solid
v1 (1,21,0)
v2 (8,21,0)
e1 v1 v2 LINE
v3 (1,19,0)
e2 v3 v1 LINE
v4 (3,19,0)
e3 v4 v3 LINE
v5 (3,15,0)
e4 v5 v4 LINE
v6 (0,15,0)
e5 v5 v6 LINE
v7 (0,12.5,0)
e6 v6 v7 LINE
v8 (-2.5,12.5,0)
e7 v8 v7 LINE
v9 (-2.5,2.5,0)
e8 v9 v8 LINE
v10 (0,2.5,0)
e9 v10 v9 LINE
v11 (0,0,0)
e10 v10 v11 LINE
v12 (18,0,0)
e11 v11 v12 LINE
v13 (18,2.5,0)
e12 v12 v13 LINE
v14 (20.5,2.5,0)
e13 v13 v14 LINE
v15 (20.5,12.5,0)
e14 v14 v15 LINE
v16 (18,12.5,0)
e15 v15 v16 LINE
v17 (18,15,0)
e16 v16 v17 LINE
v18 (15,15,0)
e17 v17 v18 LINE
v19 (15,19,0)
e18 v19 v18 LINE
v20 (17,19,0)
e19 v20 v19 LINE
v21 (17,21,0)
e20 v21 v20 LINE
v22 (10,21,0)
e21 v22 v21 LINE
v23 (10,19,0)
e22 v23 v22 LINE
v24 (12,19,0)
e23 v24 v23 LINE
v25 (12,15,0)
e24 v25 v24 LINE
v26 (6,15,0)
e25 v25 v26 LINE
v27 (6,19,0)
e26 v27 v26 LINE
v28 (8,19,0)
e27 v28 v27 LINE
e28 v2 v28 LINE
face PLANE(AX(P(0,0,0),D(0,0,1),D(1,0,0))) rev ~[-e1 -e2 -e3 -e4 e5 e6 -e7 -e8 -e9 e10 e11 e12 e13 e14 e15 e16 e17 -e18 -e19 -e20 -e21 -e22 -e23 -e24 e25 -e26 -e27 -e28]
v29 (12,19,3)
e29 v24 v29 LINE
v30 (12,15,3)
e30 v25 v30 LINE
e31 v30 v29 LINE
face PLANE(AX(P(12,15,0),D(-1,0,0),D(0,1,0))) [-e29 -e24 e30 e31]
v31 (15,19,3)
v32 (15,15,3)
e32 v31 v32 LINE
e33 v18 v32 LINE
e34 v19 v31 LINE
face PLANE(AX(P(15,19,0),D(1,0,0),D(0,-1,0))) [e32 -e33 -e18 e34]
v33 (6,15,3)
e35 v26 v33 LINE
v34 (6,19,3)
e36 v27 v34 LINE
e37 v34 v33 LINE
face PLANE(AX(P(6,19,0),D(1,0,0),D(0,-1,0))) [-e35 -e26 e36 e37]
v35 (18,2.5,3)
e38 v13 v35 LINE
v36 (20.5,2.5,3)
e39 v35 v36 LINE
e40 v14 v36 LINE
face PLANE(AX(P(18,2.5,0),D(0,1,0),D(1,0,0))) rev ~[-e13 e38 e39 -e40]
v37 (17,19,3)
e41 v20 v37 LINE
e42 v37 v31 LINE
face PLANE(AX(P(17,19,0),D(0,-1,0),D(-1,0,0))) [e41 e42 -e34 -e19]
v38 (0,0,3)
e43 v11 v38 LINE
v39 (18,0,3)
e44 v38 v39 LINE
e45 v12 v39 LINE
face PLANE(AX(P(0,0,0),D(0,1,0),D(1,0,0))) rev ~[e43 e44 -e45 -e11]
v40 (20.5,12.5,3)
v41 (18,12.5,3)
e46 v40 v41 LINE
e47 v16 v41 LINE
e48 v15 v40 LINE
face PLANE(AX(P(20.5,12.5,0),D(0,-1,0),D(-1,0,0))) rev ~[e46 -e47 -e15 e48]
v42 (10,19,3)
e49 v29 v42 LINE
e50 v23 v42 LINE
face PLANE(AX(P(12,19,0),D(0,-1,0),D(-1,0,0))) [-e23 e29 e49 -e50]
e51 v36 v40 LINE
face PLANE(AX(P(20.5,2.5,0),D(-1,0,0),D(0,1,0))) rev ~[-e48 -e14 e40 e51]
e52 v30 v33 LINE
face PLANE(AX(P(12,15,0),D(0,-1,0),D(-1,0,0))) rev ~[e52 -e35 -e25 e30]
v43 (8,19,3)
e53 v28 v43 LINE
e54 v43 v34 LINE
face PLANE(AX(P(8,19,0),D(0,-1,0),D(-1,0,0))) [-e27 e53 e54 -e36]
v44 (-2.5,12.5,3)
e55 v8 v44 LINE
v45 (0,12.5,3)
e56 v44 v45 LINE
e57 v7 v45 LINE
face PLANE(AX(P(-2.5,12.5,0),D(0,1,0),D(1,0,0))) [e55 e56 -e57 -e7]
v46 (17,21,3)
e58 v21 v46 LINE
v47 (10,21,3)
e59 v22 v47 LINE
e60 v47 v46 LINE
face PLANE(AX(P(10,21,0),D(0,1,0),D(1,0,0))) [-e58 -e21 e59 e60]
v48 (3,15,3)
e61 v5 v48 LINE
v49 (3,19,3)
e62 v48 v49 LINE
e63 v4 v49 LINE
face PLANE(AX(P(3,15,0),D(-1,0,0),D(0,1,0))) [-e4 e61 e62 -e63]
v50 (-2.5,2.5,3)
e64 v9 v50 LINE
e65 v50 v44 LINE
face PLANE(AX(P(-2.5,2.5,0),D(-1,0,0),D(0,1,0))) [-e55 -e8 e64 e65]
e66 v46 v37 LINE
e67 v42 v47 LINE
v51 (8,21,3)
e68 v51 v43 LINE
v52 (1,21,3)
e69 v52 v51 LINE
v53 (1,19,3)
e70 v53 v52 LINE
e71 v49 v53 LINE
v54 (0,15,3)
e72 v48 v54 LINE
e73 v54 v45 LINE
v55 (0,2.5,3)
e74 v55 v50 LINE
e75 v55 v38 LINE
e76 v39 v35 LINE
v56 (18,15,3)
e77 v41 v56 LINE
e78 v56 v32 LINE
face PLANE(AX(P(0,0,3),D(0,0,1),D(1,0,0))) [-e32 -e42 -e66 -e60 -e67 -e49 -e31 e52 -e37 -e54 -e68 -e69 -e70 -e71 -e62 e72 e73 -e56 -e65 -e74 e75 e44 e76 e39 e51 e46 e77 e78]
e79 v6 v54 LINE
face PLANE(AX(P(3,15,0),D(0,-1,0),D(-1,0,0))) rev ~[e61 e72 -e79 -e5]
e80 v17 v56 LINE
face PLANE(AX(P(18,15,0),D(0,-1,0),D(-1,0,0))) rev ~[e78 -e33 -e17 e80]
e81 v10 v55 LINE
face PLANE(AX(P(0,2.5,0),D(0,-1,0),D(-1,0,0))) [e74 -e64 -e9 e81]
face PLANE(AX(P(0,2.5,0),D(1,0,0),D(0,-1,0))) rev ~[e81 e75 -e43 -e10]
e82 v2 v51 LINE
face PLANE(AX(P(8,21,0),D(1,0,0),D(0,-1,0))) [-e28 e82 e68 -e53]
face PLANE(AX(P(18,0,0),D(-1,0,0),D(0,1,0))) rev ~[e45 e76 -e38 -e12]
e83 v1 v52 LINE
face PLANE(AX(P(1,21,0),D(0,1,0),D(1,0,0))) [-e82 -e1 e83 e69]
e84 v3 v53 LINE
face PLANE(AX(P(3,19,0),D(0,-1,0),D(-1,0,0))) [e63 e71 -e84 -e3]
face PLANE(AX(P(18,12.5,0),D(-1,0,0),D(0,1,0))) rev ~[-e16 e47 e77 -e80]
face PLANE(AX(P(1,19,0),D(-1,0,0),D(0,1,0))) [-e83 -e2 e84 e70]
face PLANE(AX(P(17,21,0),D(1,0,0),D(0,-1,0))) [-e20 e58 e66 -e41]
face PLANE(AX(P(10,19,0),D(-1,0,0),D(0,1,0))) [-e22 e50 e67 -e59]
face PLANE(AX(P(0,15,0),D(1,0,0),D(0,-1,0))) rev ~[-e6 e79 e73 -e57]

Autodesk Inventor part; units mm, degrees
ref_plane "YZ Plane" through (0, 0, 0) normal (1, 0, 0) x (0, 1, 0)
ref_plane "XZ Plane" through (0, 0, 0) normal (0, 1, 0) x (-1, 0, 0)
ref_plane "XY Plane" through (0, 0, 0) normal (0, 0, 1) x (1, 0, 0)
sketch "Sketch1" plane through (0, 0, 0) normal (0, 0, 1) x (1, 0, 0)
  line L0 (0, 0) -> (18, 0)
  line L1 (18, 0) -> (18, 15)
  line L2 (18, 15) -> (0, 15)
  line L3 (0, 15) -> (0, 0)
  line L4 (20.5, 12.5) -> (18, 12.5)
  line L5 (18, 12.5) -> (18, 2.5)
  line L6 (18, 2.5) -> (20.5, 2.5)
  line L7 (20.5, 2.5) -> (20.5, 12.5)
  line L8 (20.5, 12.5) -> (18, 2.5) construction
  line L9 (18, 12.5) -> (20.5, 2.5) construction
  line L10 (-2.5, 12.5) -> (0, 12.5)
  line L11 (0, 12.5) -> (0, 2.5)
  line L12 (0, 2.5) -> (-2.5, 2.5)
  line L13 (-2.5, 2.5) -> (-2.5, 12.5)
  line L14 (-2.5, 12.5) -> (0, 2.5) construction
  line L15 (0, 12.5) -> (-2.5, 2.5) construction
  line L16 (3, 15) -> (3, 19)
  line L17 (3, 19) -> (1, 19)
  line L18 (1, 19) -> (1, 21)
  line L19 (1, 21) -> (8, 21)
  line L20 (8, 21) -> (8, 19)
  line L21 (8, 19) -> (6, 19)
  line L22 (6, 19) -> (6, 15)
  line L23 (12, 15) -> (12, 19)
  line L24 (12, 19) -> (10, 19)
  line L25 (10, 19) -> (10, 21)
  line L26 (10, 21) -> (17, 21)
  line L27 (17, 21) -> (17, 19)
  line L28 (17, 19) -> (15, 19)
  line L29 (15, 19) -> (19.0944, 19)
  line L30 (15, 19) -> (15, 15)
  point P0 (19.25, 7.5)
  point P1 (-1.25, 7.5)
  point P2 (18, 7.5)
  point P3 (0, 7.5)
  point P4 (0, 12.5)
  dimension "d0" = 18
  dimension "d1" = 15
  dimension "d2" = 2.5
  dimension "d3" = 2.5
  dimension "d4" = 10
  dimension "d5" = 4
  dimension "d6" = 2
  dimension "d7" = 2
  dimension "d8" = 7
  dimension "d9" = 2
  dimension "d10" = 2
  dimension "d11" = 3
  dimension "d21" = 4
  dimension "d22" = 2
  dimension "d23" = 2
  dimension "d24" = 7
  dimension "d25" = 2
  dimension "d26" = 2
  dimension "d27" = 3
extrude "Extrusion1" add sketch "Sketch1" along normal blind 3
properties part number "Spring_holder2"
